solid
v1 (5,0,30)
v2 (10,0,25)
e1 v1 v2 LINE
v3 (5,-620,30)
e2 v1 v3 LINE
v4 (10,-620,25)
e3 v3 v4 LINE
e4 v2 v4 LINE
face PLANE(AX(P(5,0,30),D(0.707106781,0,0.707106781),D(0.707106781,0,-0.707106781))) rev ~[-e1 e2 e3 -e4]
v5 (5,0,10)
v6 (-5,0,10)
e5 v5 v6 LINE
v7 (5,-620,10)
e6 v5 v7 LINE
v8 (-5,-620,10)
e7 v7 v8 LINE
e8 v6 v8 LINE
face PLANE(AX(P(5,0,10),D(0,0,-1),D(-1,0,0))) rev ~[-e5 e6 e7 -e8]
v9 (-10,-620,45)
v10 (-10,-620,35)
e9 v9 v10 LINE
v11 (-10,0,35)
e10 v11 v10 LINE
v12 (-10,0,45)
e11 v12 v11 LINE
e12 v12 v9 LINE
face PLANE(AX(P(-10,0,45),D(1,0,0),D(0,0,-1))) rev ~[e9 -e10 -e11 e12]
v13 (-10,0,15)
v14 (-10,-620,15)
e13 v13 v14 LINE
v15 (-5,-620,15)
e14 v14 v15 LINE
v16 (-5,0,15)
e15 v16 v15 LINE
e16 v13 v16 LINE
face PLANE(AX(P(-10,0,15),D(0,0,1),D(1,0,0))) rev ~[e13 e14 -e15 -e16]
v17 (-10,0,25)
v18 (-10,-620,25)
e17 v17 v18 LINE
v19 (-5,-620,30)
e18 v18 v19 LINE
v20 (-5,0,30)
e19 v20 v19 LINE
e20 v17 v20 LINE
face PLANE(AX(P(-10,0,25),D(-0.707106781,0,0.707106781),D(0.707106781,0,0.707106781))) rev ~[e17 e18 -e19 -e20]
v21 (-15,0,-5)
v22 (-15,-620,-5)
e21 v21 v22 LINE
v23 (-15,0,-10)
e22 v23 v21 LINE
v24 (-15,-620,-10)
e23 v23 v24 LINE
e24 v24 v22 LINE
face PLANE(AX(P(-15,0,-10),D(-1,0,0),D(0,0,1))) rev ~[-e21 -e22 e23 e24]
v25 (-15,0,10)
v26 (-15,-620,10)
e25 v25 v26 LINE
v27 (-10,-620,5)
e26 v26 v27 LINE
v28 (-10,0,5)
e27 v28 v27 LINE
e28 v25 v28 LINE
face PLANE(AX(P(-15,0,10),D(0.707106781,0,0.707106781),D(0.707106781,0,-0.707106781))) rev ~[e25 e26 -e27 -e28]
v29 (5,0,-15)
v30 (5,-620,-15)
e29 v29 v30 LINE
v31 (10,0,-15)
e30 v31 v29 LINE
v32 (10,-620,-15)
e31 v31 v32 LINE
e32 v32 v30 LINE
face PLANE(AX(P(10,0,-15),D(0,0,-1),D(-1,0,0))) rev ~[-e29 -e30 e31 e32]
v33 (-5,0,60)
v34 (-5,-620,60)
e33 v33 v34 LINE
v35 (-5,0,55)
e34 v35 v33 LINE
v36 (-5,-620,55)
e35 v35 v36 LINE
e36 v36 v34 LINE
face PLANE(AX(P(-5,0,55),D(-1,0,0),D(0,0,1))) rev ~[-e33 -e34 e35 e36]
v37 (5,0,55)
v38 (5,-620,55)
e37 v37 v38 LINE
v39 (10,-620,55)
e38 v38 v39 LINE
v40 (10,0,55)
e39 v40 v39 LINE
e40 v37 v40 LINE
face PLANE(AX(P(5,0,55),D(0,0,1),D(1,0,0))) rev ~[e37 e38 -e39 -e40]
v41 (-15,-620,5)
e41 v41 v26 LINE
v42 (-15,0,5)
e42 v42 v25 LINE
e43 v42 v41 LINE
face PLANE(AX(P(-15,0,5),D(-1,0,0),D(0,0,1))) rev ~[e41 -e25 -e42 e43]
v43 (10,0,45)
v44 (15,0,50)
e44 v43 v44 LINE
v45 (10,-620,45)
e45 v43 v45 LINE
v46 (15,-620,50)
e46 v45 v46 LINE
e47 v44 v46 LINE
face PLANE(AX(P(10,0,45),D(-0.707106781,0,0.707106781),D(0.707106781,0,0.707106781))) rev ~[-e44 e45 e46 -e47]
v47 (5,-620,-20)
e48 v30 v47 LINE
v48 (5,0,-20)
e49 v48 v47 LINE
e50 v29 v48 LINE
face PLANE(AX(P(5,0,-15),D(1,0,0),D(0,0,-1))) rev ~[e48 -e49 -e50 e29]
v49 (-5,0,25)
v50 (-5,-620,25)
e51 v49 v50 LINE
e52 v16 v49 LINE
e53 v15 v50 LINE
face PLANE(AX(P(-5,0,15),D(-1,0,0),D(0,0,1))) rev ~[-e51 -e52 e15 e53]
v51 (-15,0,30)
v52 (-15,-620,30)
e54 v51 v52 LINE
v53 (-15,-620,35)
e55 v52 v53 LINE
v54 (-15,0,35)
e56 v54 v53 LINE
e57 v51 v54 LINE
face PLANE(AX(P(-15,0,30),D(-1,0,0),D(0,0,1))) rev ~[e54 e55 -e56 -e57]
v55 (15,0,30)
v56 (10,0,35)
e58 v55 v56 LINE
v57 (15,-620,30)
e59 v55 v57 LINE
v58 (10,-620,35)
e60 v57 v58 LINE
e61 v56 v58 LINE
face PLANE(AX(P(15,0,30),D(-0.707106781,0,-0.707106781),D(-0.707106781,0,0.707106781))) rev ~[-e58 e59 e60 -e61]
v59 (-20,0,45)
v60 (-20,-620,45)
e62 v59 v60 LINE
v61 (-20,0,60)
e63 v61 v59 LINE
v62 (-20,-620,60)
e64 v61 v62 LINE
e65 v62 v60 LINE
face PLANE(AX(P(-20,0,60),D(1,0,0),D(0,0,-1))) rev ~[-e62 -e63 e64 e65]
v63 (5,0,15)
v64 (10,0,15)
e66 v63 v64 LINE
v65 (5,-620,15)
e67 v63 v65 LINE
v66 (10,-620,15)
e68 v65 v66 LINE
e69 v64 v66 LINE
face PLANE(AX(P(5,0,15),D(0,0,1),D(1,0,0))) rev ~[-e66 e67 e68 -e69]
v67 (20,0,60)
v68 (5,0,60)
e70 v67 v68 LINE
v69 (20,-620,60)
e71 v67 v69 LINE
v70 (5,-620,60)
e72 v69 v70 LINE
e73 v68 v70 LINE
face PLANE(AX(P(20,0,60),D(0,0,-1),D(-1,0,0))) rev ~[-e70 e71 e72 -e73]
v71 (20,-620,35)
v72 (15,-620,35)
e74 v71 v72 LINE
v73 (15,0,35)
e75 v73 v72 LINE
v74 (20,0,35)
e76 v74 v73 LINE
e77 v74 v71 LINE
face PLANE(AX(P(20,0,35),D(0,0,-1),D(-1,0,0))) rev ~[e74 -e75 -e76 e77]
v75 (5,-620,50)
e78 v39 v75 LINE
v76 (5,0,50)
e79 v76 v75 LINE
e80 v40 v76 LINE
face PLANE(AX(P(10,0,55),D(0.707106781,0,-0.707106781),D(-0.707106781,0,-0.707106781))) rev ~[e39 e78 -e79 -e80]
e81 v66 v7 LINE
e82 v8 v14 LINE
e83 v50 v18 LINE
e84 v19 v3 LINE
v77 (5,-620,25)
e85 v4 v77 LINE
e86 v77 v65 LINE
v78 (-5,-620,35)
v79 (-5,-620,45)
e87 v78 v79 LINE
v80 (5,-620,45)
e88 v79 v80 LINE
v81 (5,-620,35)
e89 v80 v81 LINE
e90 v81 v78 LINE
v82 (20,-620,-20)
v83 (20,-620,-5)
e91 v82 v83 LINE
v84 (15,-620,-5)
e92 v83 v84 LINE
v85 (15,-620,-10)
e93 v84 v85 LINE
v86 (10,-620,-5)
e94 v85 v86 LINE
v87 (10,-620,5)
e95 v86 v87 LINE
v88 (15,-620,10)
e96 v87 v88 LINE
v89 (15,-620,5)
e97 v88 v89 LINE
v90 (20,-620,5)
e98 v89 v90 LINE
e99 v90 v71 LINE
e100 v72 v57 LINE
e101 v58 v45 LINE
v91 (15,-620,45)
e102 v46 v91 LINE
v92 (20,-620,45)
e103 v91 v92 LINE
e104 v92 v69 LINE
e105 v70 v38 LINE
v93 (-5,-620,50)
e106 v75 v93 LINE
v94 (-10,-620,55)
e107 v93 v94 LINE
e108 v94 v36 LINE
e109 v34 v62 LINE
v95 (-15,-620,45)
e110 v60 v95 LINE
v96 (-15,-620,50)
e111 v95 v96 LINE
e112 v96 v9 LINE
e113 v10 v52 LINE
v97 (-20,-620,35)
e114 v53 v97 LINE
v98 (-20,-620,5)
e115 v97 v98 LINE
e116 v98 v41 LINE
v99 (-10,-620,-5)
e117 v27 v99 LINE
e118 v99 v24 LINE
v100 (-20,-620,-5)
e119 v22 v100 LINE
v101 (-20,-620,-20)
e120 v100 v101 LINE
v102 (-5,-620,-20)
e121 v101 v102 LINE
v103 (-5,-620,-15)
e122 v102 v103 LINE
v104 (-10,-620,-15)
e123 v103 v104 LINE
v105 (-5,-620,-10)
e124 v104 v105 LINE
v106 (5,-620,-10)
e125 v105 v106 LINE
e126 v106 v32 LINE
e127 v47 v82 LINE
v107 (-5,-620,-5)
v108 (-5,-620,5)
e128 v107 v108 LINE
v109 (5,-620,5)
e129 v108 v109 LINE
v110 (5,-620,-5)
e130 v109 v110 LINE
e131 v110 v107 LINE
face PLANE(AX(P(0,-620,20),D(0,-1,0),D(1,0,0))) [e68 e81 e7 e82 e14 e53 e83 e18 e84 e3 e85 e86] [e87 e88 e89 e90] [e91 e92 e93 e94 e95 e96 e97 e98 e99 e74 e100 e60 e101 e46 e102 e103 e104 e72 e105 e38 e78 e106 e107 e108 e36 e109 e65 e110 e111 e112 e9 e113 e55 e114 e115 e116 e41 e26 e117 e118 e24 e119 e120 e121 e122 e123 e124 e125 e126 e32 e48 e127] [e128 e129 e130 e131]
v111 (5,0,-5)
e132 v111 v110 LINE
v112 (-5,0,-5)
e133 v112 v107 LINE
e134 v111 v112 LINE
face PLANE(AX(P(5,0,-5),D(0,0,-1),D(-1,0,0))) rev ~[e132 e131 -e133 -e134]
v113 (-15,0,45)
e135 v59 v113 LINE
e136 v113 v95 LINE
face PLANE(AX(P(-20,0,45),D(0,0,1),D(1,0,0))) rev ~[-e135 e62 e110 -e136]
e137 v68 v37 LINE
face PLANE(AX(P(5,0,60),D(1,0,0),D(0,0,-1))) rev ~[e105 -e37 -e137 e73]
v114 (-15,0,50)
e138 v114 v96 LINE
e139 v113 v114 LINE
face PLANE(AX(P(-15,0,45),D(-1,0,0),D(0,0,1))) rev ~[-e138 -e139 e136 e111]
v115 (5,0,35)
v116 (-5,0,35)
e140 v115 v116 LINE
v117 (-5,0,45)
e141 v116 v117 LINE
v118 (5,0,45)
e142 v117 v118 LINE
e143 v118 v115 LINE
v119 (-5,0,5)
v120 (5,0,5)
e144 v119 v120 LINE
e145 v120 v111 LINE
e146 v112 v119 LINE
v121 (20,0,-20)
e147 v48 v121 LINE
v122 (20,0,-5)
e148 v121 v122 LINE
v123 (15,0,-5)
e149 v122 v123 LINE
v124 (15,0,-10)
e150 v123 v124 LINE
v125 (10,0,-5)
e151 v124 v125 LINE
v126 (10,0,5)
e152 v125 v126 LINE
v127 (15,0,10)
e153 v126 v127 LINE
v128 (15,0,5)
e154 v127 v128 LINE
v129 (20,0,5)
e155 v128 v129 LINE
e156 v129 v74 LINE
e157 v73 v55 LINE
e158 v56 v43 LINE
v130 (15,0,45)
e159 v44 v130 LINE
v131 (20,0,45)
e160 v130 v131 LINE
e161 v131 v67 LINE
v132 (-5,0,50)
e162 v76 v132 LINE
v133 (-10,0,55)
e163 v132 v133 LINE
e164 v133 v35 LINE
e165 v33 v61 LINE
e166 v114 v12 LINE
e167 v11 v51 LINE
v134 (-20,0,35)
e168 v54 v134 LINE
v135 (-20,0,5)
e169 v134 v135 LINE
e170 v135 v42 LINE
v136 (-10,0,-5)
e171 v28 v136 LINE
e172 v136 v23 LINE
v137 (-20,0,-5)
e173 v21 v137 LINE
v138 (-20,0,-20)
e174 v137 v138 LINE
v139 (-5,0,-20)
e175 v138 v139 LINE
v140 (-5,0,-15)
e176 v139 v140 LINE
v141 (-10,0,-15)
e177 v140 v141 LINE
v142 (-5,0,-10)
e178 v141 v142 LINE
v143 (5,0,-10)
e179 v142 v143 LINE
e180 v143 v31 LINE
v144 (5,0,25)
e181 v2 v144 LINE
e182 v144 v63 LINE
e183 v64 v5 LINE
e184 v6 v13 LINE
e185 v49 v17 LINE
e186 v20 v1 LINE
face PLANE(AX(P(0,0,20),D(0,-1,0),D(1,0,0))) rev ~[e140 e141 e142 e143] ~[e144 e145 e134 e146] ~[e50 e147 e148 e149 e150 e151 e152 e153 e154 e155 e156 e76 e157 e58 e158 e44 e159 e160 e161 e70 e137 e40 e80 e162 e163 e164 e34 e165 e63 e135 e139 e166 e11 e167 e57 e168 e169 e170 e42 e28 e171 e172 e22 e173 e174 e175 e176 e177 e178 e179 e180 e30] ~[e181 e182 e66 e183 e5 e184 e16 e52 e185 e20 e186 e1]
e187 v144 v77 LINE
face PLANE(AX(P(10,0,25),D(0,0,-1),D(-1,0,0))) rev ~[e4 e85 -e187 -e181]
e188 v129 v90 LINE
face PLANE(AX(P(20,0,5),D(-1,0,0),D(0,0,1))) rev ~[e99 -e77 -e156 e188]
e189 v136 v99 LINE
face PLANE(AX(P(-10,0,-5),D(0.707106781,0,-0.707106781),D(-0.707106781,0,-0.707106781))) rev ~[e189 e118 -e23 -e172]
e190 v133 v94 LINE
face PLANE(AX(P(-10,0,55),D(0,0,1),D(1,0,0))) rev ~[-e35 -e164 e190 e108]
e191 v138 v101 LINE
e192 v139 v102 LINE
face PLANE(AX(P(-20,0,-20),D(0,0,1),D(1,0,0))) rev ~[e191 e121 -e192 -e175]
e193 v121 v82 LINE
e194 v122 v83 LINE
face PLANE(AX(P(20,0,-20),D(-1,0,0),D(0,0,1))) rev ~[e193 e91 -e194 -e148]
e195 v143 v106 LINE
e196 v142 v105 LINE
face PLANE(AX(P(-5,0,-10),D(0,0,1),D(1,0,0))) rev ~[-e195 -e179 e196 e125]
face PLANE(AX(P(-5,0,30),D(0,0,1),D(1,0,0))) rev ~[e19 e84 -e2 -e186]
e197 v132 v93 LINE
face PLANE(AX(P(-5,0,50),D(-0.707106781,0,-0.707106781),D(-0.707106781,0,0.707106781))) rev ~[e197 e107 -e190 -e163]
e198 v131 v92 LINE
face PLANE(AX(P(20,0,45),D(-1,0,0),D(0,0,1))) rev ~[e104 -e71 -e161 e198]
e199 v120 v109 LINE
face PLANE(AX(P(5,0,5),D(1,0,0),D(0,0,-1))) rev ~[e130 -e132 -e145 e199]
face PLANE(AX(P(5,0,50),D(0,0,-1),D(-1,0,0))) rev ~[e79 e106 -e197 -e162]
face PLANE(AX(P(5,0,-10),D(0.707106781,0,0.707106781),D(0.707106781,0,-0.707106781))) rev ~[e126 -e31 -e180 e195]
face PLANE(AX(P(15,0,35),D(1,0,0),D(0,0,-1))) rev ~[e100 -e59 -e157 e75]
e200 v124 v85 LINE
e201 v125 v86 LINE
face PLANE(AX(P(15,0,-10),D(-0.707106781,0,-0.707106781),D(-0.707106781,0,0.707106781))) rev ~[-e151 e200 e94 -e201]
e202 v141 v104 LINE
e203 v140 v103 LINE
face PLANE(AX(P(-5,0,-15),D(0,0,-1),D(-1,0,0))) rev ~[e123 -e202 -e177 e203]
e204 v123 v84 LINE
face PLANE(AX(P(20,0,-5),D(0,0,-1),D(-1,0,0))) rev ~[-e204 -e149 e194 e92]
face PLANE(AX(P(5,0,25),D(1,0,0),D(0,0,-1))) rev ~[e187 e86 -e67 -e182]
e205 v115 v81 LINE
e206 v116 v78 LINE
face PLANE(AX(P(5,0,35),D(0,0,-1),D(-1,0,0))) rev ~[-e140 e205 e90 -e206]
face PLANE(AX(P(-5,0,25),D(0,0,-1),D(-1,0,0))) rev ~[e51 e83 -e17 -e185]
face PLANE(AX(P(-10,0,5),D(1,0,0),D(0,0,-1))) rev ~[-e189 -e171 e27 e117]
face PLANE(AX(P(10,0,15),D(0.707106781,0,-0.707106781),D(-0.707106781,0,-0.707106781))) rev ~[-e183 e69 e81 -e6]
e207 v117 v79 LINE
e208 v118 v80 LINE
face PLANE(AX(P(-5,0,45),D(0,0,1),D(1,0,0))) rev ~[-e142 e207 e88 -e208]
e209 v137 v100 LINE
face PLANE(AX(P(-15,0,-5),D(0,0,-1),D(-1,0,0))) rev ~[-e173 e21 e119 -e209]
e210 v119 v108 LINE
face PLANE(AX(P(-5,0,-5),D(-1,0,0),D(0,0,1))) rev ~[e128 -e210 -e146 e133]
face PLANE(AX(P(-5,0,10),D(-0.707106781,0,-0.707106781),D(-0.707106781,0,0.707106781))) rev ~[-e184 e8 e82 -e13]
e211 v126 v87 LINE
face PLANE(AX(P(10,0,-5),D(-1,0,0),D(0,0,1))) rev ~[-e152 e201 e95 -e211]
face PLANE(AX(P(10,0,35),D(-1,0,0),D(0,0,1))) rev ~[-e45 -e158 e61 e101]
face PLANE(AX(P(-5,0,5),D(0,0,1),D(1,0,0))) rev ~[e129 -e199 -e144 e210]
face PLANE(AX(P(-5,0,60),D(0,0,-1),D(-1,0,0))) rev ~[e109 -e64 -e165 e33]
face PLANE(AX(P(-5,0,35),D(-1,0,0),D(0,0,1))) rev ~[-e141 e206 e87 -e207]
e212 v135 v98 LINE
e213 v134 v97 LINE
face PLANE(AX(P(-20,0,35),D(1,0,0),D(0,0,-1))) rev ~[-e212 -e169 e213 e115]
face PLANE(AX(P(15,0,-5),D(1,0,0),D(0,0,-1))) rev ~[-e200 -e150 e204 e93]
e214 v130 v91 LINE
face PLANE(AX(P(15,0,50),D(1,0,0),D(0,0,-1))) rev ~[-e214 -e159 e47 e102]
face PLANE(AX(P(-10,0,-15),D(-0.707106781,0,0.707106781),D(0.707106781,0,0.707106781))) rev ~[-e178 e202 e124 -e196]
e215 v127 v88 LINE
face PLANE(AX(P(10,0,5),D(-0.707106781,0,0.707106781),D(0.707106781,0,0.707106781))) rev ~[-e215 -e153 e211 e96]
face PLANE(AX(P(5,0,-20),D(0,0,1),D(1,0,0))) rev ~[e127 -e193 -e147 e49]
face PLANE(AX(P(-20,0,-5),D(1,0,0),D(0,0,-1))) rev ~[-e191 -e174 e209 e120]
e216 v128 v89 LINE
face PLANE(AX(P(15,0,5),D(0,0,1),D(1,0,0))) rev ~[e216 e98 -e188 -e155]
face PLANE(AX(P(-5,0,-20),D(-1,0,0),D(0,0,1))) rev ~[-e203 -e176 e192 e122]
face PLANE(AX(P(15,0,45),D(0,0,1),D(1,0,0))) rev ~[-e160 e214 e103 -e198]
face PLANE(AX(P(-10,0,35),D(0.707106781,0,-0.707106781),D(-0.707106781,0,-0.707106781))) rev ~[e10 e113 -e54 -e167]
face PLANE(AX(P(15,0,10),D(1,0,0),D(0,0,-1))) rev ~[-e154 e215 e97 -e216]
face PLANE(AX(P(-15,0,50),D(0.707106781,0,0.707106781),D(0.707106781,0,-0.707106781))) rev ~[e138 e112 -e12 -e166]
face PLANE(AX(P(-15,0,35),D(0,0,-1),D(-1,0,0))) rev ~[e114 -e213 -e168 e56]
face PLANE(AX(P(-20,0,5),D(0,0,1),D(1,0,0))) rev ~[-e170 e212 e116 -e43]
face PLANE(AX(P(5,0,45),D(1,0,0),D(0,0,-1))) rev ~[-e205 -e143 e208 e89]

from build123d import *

# Parameters (mm, degrees)
F1_DEPTH = 620


with BuildPart() as f1:
    # F0 (on Front) → F1 (new body)
    with BuildSketch(Plane.XZ):
        Polygon((5, -20), (20, -20), (20, -5), (15, -5), (15, -10), (10, -5), (10, 5), (15, 10), (15, 5), (20, 5), (20, 20), (20, 35), (15, 35), (15, 30), (10, 35), (10, 45), (15, 50), (15, 45), (20, 45), (20, 60), (5, 60), (5, 55), (10, 55), (5, 50), (-5, 50), (-10, 55), (-5, 55), (-5, 60), (-20, 60), (-20, 45), (-15, 45), (-15, 50), (-10, 45), (-10, 35), (-15, 30), (-15, 35), (-20, 35), (-20, 20), (-20, 5), (-15, 5), (-15, 10), (-10, 5), (-10, -5), (-15, -10), (-15, -5), (-20, -5), (-20, -20), (-5, -20), (-5, -15), (-10, -15), (-5, -10), (5, -10), (10, -15), (5, -15), align=None)
        Polygon((-5, 0), (-5, 5), (0, 5), (5, 5), (5, 0), (5, -5), (0, -5), (-5, -5), align=None, mode=Mode.SUBTRACT)
        Polygon((-5, 15), (-5, 20), (-5, 25), (-10, 25), (-5, 30), (5, 30), (10, 25), (5, 25), (5, 20), (5, 15), (10, 15), (5, 10), (-5, 10), (-10, 15), align=None, mode=Mode.SUBTRACT)
        Polygon((-5, 40), (-5, 45), (0, 45), (5, 45), (5, 40), (5, 35), (0, 35), (-5, 35), align=None, mode=Mode.SUBTRACT)
    extrude(amount=F1_DEPTH)


solid = f1.part
